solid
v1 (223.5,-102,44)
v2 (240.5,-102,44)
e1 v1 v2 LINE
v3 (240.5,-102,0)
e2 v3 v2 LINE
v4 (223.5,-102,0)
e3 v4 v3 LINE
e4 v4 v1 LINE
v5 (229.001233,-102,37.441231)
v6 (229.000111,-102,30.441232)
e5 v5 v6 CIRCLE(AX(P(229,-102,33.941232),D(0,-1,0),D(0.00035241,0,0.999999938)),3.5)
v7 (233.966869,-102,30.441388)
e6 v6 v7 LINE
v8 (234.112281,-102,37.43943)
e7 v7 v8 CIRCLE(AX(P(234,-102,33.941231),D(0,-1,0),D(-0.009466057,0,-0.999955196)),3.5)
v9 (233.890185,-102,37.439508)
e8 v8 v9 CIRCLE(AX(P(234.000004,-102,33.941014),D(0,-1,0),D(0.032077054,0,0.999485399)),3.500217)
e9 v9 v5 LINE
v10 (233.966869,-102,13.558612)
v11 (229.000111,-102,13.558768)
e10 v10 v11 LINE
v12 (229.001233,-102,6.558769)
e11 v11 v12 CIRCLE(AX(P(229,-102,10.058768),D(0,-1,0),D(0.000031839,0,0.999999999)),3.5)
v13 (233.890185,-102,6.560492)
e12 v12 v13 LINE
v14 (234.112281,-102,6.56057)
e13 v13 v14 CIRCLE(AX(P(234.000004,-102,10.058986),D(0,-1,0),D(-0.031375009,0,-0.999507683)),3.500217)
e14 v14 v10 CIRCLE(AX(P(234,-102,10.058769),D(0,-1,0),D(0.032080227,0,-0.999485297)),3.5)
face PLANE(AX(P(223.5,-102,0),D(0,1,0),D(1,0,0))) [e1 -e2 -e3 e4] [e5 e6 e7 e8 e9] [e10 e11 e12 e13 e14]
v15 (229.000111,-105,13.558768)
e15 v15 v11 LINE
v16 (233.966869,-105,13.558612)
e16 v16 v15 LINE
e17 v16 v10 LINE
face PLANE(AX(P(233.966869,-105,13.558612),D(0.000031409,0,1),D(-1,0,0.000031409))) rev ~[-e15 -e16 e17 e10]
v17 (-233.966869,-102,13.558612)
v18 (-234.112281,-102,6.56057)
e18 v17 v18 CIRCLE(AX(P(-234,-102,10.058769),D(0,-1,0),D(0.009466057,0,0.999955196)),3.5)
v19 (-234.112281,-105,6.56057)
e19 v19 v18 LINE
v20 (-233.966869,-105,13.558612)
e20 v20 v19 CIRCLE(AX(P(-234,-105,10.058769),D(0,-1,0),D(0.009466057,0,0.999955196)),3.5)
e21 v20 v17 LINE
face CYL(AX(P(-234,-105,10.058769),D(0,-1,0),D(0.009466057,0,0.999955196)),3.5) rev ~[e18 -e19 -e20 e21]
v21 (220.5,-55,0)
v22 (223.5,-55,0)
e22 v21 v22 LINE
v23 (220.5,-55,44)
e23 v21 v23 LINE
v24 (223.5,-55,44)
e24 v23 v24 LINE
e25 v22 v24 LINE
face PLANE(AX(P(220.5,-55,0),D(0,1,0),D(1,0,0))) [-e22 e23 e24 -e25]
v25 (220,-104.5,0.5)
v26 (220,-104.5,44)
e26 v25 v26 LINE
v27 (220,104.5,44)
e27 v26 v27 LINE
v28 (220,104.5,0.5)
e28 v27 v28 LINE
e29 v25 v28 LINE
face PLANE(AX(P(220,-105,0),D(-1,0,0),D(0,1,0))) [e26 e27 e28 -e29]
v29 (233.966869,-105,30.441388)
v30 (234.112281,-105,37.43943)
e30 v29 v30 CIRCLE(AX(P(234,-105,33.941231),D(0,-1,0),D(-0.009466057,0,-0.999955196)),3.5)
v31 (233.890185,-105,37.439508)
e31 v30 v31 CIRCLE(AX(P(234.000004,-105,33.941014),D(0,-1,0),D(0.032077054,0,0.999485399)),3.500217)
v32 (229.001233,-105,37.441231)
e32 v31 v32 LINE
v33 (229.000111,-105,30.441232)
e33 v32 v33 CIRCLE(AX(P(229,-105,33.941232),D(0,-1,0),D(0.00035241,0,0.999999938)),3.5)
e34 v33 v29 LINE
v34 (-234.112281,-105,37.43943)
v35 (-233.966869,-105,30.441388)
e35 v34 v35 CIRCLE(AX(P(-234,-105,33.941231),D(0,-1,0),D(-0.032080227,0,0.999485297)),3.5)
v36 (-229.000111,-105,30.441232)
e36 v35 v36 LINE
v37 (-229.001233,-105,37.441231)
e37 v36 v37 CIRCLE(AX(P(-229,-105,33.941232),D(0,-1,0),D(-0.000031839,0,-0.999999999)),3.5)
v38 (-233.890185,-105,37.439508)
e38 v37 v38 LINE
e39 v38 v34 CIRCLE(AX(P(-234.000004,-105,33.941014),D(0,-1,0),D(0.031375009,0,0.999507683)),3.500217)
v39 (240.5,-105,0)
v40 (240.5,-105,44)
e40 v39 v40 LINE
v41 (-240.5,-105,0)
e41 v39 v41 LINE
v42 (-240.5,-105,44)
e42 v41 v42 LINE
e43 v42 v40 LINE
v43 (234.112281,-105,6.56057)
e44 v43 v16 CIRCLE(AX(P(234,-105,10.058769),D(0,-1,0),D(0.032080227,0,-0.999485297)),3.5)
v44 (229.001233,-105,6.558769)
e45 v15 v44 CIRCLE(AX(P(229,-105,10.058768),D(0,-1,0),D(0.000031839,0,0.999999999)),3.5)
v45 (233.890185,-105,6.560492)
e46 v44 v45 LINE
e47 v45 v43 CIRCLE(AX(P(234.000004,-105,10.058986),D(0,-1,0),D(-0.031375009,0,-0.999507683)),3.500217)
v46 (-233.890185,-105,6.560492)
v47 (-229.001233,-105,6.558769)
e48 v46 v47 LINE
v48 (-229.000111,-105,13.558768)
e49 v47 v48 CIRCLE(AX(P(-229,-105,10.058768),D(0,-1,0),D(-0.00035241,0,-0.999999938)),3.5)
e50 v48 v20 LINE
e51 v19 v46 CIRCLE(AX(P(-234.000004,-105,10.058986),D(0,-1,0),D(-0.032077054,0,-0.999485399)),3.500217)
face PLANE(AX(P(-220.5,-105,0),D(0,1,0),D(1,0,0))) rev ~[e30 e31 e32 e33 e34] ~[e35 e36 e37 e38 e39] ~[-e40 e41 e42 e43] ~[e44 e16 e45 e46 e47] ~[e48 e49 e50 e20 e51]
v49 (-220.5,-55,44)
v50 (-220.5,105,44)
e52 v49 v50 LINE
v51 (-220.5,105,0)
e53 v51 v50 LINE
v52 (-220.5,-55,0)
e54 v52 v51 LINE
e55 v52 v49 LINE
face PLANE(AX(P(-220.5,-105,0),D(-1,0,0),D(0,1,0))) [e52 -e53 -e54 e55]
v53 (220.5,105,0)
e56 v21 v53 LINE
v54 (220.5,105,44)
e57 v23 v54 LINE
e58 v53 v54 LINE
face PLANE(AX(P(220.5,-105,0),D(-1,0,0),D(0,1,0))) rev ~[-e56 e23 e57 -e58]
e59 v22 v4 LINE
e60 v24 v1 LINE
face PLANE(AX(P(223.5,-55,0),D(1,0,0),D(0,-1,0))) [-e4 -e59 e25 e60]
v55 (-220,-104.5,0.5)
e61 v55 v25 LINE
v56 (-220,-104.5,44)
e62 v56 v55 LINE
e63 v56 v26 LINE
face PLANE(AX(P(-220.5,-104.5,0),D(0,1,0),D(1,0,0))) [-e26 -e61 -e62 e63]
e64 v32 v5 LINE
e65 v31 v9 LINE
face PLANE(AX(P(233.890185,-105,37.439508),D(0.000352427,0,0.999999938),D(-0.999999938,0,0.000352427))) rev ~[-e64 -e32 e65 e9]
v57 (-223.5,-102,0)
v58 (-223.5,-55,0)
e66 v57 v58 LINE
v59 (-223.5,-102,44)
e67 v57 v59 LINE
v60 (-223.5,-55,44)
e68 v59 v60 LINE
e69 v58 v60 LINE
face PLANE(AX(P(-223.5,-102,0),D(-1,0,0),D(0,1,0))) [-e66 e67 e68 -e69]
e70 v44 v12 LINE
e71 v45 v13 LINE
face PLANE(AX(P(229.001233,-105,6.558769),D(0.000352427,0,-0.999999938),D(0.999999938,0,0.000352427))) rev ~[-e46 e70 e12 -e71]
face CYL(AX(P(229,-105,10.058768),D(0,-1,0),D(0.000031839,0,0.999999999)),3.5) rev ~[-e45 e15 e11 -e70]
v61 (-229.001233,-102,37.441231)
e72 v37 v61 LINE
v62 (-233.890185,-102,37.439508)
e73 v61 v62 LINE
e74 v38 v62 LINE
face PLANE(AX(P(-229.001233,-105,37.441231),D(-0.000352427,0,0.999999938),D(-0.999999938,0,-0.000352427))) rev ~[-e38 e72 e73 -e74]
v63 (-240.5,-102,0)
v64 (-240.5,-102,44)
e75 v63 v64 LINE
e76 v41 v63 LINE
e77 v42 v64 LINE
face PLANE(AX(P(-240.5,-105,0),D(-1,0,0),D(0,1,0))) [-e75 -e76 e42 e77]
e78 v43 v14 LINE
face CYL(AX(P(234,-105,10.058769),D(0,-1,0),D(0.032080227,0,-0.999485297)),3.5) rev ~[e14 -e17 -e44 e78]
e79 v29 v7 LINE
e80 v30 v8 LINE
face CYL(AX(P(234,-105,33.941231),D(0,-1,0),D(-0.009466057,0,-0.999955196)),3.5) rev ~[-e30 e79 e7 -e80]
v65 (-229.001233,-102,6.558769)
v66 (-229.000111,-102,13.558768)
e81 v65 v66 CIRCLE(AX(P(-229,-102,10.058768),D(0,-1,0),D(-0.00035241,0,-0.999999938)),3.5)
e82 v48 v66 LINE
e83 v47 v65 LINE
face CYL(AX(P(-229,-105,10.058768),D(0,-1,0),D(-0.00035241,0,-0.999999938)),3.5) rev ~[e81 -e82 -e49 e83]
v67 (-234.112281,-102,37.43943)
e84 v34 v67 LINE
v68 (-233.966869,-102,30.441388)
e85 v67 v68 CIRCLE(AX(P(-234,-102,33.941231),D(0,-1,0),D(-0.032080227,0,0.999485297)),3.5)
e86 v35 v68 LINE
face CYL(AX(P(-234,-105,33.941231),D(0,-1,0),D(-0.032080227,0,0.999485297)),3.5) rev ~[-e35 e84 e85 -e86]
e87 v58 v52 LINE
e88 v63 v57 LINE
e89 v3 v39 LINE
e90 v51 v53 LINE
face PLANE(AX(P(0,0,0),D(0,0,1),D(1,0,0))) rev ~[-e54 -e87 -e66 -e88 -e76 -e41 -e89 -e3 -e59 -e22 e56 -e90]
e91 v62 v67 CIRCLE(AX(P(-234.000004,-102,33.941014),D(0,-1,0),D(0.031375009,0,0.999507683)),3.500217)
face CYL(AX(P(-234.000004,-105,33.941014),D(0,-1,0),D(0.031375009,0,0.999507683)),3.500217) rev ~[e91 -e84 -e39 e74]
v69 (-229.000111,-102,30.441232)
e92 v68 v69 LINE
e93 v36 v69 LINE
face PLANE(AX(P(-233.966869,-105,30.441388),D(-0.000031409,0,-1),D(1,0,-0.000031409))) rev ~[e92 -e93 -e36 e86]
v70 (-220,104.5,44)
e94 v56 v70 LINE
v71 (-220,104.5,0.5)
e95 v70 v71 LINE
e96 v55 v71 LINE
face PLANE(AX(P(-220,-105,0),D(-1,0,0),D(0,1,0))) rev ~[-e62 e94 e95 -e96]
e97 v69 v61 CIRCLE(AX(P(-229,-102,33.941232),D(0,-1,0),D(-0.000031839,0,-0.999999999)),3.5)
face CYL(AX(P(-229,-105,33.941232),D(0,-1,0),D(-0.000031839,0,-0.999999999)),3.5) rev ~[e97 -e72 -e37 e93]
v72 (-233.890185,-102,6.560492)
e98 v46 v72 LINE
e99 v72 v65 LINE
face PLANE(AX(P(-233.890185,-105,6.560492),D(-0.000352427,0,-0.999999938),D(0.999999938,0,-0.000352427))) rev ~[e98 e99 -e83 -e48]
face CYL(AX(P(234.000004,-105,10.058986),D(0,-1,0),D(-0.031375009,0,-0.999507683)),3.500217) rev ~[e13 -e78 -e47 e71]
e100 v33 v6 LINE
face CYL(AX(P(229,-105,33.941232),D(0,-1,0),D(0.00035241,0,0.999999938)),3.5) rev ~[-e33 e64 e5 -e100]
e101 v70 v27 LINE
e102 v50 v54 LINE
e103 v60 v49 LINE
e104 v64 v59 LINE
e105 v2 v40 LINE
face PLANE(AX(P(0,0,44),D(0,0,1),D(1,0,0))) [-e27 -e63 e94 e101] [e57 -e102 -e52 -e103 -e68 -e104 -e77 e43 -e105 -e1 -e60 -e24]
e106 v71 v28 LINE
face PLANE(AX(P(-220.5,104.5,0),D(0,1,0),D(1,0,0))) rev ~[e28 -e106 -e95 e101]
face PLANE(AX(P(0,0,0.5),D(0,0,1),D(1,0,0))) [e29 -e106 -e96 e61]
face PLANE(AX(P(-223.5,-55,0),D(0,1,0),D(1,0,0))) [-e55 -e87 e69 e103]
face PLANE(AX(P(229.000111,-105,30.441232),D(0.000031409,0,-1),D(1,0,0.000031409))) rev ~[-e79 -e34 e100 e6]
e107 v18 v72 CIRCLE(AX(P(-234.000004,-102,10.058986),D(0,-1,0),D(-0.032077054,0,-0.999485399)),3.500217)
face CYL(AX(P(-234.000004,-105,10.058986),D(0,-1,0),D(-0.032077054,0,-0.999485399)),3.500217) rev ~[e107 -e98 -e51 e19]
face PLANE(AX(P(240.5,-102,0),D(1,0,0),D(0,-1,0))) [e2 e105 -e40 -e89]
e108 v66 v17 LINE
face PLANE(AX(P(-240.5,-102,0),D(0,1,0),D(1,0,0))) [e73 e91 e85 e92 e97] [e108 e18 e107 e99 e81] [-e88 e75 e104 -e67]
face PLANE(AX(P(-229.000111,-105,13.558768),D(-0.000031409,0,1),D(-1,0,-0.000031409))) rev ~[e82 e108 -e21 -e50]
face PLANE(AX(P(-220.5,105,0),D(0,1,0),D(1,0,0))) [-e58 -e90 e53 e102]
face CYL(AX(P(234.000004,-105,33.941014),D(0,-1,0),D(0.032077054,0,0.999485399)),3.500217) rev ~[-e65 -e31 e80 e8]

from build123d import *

# Parameters (mm, degrees)
F0_W     = 441
F0_H     = 210
F1_DEPTH = 44
F2_T     = -0.5
F4_DEPTH = 44
F7_DEPTH = 3


with BuildPart() as f1:
    # F0 (on Top) → F1 (new body)
    with BuildSketch(Plane.XY):
        Rectangle(F0_W, F0_H)
    extrude(amount=F1_DEPTH)

    # F2
    f2_openings = [f1.faces().sort_by_distance(p)[0] for p in [
        (0, 0, 44),
    ]]
    offset(amount=F2_T, openings=f2_openings)


with BuildPart() as f4:
    # F3 (on face) → F4 (new body)
    with BuildSketch(Plane(origin=(0, 0, 0), x_dir=(1, 0, 0), z_dir=(0, 0, -1))):
        Polygon((-223.5, 55), (-220.5, 55), (-220.5, 105), (-240.5, 105), (-240.5, 102), (-223.5, 102), align=None)
        Polygon((220.5, 55), (223.5, 55), (223.5, 102), (240.5, 102), (240.5, 105), (220.5, 105), align=None)
    extrude(amount=-F4_DEPTH)

    # F5: union F1
    add(f1.part)

    # F6 (on face) → F7 (cut)
    with BuildSketch(Plane.XZ.offset(105)):
        with BuildLine():
            Line((-234.112281, 37.43943), (-233.890185, 37.439508))
            ThreePointArc((-233.890185, 37.439508), (-234.001233, 37.441231), (-234.112281, 37.43943))
        make_face()
        with BuildLine():
            Line((-229.001233, 37.441231), (-233.890185, 37.439508))
            Line((-233.890185, 37.439508), (-234.112281, 37.43943))
            ThreePointArc((-234.112281, 37.43943), (-237.499245, 33.868521), (-233.966869, 30.441388))
            Line((-233.966869, 30.441388), (-229.000111, 30.441232))
            ThreePointArc((-229.000111, 30.441232), (-225.5, 33.941793), (-229.001233, 37.441231))
        make_face()
        with BuildLine():
            Line((-229.000111, 13.558768), (-233.966869, 13.558612))
            ThreePointArc((-233.966869, 13.558612), (-237.499245, 10.131479), (-234.112281, 6.56057))
            Line((-234.112281, 6.56057), (-233.890185, 6.560492))
            Line((-233.890185, 6.560492), (-229.001233, 6.558769))
            ThreePointArc((-229.001233, 6.558769), (-225.5, 10.058207), (-229.000111, 13.558768))
        make_face()
        with BuildLine():
            Line((-233.890185, 6.560492), (-234.112281, 6.56057))
            ThreePointArc((-234.112281, 6.56057), (-234.001233, 6.558769), (-233.890185, 6.560492))
        make_face()
        with BuildLine():
            ThreePointArc((233.966869, 30.441388), (237.499245, 33.868521), (234.112281, 37.43943))
            Line((234.112281, 37.43943), (233.890185, 37.439508))
            Line((233.890185, 37.439508), (229.001233, 37.441231))
            ThreePointArc((229.001233, 37.441231), (225.5, 33.941793), (229.000111, 30.441232))
            Line((229.000111, 30.441232), (233.966869, 30.441388))
        make_face()
        with BuildLine():
            Line((233.890185, 37.439508), (234.112281, 37.43943))
            ThreePointArc((234.112281, 37.43943), (234.001233, 37.441231), (233.890185, 37.439508))
        make_face()
        with BuildLine():
            ThreePointArc((234.112281, 6.56057), (237.499245, 10.131479), (233.966869, 13.558612))
            Line((233.966869, 13.558612), (229.000111, 13.558768))
            ThreePointArc((229.000111, 13.558768), (225.5, 10.058207), (229.001233, 6.558769))
            Line((229.001233, 6.558769), (233.890185, 6.560492))
            Line((233.890185, 6.560492), (234.112281, 6.56057))
        make_face()
        with BuildLine():
            ThreePointArc((233.890185, 6.560492), (234.001233, 6.558769), (234.112281, 6.56057))
            Line((234.112281, 6.56057), (233.890185, 6.560492))
        make_face()
    extrude(amount=-F7_DEPTH, mode=Mode.SUBTRACT)


solid = f4.part
